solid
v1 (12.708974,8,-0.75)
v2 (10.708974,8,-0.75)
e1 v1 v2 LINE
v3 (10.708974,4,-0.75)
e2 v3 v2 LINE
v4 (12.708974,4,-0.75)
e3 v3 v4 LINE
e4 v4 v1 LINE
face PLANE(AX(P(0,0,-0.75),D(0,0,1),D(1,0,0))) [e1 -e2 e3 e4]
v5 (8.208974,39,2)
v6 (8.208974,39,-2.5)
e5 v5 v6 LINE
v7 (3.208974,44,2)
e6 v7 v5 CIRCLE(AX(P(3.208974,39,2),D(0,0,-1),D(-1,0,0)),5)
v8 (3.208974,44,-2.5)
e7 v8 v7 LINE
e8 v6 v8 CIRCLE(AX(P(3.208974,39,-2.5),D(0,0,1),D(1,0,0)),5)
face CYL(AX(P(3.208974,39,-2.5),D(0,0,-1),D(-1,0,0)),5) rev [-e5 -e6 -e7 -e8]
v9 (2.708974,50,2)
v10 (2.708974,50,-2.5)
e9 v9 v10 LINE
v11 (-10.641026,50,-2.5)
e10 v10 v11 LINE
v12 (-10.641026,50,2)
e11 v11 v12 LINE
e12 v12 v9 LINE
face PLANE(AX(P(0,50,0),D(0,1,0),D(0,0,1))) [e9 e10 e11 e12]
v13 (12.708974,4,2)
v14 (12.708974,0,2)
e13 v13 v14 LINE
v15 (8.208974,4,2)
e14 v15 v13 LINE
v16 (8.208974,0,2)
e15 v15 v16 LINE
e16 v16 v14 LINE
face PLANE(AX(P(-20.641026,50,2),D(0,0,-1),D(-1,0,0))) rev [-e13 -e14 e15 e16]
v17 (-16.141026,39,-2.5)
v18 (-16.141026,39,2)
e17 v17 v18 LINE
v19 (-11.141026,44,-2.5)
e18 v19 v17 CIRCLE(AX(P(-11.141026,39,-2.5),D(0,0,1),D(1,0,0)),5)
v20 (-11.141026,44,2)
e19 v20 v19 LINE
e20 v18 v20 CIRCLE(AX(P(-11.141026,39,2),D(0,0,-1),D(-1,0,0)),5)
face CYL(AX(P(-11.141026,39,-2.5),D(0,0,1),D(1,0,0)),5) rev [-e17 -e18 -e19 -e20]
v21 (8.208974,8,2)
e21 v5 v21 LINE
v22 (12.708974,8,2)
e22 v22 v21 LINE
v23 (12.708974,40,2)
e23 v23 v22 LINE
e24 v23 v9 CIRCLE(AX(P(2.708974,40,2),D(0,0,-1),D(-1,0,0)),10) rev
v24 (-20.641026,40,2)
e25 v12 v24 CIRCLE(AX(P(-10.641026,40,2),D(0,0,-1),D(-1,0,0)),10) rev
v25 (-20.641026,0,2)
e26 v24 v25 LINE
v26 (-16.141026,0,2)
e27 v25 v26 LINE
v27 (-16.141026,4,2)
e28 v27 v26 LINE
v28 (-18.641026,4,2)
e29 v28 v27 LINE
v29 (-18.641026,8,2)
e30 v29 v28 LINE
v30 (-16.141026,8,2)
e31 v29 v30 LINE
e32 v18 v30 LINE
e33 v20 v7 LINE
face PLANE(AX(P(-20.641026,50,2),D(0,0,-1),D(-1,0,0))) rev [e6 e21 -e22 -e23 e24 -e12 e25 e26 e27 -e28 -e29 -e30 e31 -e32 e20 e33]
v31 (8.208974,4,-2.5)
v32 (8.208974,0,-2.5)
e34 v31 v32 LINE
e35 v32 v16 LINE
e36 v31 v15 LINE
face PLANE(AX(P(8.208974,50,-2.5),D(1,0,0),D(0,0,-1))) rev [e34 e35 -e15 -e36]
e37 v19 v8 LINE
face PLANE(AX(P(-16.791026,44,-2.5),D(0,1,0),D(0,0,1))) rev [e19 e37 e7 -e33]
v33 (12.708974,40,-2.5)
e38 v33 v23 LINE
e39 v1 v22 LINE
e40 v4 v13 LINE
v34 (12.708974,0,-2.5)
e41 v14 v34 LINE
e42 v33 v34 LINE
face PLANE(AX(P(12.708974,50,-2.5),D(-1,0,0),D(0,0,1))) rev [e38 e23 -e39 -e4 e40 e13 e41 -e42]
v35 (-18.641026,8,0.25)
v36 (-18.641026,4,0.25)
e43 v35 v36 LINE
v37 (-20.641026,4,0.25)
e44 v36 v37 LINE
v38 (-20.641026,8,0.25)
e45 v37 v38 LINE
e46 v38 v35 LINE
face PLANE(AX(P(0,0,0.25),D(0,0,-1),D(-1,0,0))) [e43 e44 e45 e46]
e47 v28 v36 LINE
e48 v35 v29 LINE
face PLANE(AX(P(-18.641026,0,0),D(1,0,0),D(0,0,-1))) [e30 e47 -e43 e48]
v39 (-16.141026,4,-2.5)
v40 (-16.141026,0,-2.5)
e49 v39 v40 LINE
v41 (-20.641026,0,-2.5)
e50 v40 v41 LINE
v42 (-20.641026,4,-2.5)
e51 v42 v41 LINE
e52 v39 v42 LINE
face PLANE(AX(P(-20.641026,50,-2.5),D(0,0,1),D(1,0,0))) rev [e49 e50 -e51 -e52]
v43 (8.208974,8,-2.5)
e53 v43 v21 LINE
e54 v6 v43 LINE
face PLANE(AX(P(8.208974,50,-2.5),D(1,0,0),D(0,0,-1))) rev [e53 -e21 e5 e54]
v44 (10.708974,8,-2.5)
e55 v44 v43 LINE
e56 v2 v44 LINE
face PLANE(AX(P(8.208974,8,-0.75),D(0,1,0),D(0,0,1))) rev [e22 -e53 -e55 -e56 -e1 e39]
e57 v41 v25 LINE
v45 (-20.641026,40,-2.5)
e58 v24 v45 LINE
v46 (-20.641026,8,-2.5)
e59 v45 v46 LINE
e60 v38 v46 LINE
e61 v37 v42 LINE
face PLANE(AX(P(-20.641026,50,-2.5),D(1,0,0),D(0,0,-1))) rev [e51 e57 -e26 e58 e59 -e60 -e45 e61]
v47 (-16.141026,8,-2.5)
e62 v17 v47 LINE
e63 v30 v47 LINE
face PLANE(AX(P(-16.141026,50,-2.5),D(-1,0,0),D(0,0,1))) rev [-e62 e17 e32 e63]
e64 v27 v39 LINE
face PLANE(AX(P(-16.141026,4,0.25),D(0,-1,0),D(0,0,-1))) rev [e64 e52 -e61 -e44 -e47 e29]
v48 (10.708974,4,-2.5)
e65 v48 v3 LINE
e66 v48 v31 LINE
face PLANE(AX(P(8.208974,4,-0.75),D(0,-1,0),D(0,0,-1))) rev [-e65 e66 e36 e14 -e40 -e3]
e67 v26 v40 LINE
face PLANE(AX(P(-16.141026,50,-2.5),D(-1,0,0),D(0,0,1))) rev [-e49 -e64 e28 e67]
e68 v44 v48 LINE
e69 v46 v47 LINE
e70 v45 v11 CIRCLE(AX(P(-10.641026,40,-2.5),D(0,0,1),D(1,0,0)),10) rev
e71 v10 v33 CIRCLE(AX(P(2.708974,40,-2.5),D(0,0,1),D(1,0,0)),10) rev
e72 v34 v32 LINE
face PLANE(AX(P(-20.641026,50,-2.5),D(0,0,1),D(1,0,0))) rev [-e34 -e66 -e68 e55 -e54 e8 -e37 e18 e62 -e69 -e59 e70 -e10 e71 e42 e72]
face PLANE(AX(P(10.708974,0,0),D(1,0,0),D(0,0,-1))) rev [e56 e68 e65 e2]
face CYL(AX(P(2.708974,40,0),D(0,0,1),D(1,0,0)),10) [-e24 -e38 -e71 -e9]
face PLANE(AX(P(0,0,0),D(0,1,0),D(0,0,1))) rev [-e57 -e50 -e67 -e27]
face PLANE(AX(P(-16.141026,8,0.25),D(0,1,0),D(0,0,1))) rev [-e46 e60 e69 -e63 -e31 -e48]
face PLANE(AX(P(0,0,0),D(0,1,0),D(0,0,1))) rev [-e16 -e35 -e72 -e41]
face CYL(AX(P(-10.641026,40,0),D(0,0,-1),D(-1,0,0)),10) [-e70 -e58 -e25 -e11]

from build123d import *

# Parameters (mm, degrees)
SKETCH1_W             = 4.5
SKETCH1_H             = 4.5
BOSS_EXTRUDE1_DEPTH   = 50
BOSS_EXTRUDE1_2_DEPTH = 50
SKETCH2_W             = 4.5
SKETCH2_H             = 6
BOSS_EXTRUDE2_DEPTH   = 25
FILLET1_R             = 10
FILLET2_R             = 5
SKETCH5_W             = 4.5
SKETCH5_H             = 4
CUT_EXTRUDE3_DEPTH    = 2.75
SKETCH6_W             = 4.5
SKETCH6_H             = 4
CUT_EXTRUDE4_DEPTH    = 2.75
SKETCH3_W             = 4.5
SKETCH3_H             = 4
CUT_EXTRUDE1_DEPTH    = 2.5
SKETCH4_W             = 4.5
SKETCH4_H             = 4
CUT_EXTRUDE2_DEPTH    = 2.5


with BuildPart() as part:
    # Sketch1 → Boss-Extrude1 (new body)
    with BuildSketch(Plane(origin=(0, 0, 0), x_dir=(1, 0, 0), z_dir=(0, 1, 0))):
        with Locations((-18.391025641, 0.25)):
            Rectangle(SKETCH1_W, SKETCH1_H)
    extrude(amount=BOSS_EXTRUDE1_DEPTH)



with BuildPart() as body_2:
    # Sketch1 → Boss-Extrude1 2 (new body)
    with BuildSketch(Plane(origin=(0, 0, 0), x_dir=(1, 0, 0), z_dir=(0, 1, 0))):
        with Locations((10.458974359, 0.25)):
            Rectangle(SKETCH1_W, SKETCH1_H)
    extrude(amount=BOSS_EXTRUDE1_2_DEPTH)


with BuildPart() as part_1:
    add(part.part)

    add(body_2.part)  # Boss-Extrude2 merges body 2
    # Sketch2 → Boss-Extrude2 (add)
    with BuildSketch(Plane.ZY.offset(-8.208974359)):
        with Locations((-0.25, 47)):
            Rectangle(SKETCH2_W, SKETCH2_H)
    extrude(amount=BOSS_EXTRUDE2_DEPTH)

    # Fillet1
    fillet1_edges = [part_1.edges().sort_by_distance(p)[0] for p in [
        (-20.641025641, 50, -0.25),
        (12.708974359, 50, -0.25),
    ]]
    fillet(fillet1_edges, radius=FILLET1_R)

    # Fillet2
    fillet2_edges = [part_1.edges().sort_by_distance(p)[0] for p in [
        (-16.141025641, 44, -0.25),
        (8.208974359, 44, -0.25),
    ]]
    fillet(fillet2_edges, radius=FILLET2_R)

    # Sketch5 → Cut-Extrude3 (cut)
    with BuildSketch(Plane.XY.offset(2)):
        with Locations((10.458974359, 6)):
            Rectangle(SKETCH5_W, SKETCH5_H)
    extrude(amount=-CUT_EXTRUDE3_DEPTH, mode=Mode.SUBTRACT)

    # Sketch6 → Cut-Extrude4 (cut)
    with BuildSketch(Plane(origin=(0, 0, -2.5), x_dir=(-1, 0, 0), z_dir=(0, 0, -1))):
        with Locations((18.391025641, 6)):
            Rectangle(SKETCH6_W, SKETCH6_H)
    extrude(amount=-CUT_EXTRUDE4_DEPTH, mode=Mode.SUBTRACT)

    # Sketch3 → Cut-Extrude1 (cut)
    with BuildSketch(Plane.ZY.offset(-8.208974359)):
        with Locations((-0.25, 6)):
            Rectangle(SKETCH3_W, SKETCH3_H)
    extrude(amount=-CUT_EXTRUDE1_DEPTH, mode=Mode.SUBTRACT)

    # Sketch4 → Cut-Extrude2 (cut)
    with BuildSketch(Plane(origin=(-16.141025641, 0, 0), x_dir=(0, 0, -1), z_dir=(1, 0, 0))):
        with Locations((0.25, 6)):
            Rectangle(SKETCH4_W, SKETCH4_H)
    extrude(amount=-CUT_EXTRUDE2_DEPTH, mode=Mode.SUBTRACT)


solid = part_1.part
